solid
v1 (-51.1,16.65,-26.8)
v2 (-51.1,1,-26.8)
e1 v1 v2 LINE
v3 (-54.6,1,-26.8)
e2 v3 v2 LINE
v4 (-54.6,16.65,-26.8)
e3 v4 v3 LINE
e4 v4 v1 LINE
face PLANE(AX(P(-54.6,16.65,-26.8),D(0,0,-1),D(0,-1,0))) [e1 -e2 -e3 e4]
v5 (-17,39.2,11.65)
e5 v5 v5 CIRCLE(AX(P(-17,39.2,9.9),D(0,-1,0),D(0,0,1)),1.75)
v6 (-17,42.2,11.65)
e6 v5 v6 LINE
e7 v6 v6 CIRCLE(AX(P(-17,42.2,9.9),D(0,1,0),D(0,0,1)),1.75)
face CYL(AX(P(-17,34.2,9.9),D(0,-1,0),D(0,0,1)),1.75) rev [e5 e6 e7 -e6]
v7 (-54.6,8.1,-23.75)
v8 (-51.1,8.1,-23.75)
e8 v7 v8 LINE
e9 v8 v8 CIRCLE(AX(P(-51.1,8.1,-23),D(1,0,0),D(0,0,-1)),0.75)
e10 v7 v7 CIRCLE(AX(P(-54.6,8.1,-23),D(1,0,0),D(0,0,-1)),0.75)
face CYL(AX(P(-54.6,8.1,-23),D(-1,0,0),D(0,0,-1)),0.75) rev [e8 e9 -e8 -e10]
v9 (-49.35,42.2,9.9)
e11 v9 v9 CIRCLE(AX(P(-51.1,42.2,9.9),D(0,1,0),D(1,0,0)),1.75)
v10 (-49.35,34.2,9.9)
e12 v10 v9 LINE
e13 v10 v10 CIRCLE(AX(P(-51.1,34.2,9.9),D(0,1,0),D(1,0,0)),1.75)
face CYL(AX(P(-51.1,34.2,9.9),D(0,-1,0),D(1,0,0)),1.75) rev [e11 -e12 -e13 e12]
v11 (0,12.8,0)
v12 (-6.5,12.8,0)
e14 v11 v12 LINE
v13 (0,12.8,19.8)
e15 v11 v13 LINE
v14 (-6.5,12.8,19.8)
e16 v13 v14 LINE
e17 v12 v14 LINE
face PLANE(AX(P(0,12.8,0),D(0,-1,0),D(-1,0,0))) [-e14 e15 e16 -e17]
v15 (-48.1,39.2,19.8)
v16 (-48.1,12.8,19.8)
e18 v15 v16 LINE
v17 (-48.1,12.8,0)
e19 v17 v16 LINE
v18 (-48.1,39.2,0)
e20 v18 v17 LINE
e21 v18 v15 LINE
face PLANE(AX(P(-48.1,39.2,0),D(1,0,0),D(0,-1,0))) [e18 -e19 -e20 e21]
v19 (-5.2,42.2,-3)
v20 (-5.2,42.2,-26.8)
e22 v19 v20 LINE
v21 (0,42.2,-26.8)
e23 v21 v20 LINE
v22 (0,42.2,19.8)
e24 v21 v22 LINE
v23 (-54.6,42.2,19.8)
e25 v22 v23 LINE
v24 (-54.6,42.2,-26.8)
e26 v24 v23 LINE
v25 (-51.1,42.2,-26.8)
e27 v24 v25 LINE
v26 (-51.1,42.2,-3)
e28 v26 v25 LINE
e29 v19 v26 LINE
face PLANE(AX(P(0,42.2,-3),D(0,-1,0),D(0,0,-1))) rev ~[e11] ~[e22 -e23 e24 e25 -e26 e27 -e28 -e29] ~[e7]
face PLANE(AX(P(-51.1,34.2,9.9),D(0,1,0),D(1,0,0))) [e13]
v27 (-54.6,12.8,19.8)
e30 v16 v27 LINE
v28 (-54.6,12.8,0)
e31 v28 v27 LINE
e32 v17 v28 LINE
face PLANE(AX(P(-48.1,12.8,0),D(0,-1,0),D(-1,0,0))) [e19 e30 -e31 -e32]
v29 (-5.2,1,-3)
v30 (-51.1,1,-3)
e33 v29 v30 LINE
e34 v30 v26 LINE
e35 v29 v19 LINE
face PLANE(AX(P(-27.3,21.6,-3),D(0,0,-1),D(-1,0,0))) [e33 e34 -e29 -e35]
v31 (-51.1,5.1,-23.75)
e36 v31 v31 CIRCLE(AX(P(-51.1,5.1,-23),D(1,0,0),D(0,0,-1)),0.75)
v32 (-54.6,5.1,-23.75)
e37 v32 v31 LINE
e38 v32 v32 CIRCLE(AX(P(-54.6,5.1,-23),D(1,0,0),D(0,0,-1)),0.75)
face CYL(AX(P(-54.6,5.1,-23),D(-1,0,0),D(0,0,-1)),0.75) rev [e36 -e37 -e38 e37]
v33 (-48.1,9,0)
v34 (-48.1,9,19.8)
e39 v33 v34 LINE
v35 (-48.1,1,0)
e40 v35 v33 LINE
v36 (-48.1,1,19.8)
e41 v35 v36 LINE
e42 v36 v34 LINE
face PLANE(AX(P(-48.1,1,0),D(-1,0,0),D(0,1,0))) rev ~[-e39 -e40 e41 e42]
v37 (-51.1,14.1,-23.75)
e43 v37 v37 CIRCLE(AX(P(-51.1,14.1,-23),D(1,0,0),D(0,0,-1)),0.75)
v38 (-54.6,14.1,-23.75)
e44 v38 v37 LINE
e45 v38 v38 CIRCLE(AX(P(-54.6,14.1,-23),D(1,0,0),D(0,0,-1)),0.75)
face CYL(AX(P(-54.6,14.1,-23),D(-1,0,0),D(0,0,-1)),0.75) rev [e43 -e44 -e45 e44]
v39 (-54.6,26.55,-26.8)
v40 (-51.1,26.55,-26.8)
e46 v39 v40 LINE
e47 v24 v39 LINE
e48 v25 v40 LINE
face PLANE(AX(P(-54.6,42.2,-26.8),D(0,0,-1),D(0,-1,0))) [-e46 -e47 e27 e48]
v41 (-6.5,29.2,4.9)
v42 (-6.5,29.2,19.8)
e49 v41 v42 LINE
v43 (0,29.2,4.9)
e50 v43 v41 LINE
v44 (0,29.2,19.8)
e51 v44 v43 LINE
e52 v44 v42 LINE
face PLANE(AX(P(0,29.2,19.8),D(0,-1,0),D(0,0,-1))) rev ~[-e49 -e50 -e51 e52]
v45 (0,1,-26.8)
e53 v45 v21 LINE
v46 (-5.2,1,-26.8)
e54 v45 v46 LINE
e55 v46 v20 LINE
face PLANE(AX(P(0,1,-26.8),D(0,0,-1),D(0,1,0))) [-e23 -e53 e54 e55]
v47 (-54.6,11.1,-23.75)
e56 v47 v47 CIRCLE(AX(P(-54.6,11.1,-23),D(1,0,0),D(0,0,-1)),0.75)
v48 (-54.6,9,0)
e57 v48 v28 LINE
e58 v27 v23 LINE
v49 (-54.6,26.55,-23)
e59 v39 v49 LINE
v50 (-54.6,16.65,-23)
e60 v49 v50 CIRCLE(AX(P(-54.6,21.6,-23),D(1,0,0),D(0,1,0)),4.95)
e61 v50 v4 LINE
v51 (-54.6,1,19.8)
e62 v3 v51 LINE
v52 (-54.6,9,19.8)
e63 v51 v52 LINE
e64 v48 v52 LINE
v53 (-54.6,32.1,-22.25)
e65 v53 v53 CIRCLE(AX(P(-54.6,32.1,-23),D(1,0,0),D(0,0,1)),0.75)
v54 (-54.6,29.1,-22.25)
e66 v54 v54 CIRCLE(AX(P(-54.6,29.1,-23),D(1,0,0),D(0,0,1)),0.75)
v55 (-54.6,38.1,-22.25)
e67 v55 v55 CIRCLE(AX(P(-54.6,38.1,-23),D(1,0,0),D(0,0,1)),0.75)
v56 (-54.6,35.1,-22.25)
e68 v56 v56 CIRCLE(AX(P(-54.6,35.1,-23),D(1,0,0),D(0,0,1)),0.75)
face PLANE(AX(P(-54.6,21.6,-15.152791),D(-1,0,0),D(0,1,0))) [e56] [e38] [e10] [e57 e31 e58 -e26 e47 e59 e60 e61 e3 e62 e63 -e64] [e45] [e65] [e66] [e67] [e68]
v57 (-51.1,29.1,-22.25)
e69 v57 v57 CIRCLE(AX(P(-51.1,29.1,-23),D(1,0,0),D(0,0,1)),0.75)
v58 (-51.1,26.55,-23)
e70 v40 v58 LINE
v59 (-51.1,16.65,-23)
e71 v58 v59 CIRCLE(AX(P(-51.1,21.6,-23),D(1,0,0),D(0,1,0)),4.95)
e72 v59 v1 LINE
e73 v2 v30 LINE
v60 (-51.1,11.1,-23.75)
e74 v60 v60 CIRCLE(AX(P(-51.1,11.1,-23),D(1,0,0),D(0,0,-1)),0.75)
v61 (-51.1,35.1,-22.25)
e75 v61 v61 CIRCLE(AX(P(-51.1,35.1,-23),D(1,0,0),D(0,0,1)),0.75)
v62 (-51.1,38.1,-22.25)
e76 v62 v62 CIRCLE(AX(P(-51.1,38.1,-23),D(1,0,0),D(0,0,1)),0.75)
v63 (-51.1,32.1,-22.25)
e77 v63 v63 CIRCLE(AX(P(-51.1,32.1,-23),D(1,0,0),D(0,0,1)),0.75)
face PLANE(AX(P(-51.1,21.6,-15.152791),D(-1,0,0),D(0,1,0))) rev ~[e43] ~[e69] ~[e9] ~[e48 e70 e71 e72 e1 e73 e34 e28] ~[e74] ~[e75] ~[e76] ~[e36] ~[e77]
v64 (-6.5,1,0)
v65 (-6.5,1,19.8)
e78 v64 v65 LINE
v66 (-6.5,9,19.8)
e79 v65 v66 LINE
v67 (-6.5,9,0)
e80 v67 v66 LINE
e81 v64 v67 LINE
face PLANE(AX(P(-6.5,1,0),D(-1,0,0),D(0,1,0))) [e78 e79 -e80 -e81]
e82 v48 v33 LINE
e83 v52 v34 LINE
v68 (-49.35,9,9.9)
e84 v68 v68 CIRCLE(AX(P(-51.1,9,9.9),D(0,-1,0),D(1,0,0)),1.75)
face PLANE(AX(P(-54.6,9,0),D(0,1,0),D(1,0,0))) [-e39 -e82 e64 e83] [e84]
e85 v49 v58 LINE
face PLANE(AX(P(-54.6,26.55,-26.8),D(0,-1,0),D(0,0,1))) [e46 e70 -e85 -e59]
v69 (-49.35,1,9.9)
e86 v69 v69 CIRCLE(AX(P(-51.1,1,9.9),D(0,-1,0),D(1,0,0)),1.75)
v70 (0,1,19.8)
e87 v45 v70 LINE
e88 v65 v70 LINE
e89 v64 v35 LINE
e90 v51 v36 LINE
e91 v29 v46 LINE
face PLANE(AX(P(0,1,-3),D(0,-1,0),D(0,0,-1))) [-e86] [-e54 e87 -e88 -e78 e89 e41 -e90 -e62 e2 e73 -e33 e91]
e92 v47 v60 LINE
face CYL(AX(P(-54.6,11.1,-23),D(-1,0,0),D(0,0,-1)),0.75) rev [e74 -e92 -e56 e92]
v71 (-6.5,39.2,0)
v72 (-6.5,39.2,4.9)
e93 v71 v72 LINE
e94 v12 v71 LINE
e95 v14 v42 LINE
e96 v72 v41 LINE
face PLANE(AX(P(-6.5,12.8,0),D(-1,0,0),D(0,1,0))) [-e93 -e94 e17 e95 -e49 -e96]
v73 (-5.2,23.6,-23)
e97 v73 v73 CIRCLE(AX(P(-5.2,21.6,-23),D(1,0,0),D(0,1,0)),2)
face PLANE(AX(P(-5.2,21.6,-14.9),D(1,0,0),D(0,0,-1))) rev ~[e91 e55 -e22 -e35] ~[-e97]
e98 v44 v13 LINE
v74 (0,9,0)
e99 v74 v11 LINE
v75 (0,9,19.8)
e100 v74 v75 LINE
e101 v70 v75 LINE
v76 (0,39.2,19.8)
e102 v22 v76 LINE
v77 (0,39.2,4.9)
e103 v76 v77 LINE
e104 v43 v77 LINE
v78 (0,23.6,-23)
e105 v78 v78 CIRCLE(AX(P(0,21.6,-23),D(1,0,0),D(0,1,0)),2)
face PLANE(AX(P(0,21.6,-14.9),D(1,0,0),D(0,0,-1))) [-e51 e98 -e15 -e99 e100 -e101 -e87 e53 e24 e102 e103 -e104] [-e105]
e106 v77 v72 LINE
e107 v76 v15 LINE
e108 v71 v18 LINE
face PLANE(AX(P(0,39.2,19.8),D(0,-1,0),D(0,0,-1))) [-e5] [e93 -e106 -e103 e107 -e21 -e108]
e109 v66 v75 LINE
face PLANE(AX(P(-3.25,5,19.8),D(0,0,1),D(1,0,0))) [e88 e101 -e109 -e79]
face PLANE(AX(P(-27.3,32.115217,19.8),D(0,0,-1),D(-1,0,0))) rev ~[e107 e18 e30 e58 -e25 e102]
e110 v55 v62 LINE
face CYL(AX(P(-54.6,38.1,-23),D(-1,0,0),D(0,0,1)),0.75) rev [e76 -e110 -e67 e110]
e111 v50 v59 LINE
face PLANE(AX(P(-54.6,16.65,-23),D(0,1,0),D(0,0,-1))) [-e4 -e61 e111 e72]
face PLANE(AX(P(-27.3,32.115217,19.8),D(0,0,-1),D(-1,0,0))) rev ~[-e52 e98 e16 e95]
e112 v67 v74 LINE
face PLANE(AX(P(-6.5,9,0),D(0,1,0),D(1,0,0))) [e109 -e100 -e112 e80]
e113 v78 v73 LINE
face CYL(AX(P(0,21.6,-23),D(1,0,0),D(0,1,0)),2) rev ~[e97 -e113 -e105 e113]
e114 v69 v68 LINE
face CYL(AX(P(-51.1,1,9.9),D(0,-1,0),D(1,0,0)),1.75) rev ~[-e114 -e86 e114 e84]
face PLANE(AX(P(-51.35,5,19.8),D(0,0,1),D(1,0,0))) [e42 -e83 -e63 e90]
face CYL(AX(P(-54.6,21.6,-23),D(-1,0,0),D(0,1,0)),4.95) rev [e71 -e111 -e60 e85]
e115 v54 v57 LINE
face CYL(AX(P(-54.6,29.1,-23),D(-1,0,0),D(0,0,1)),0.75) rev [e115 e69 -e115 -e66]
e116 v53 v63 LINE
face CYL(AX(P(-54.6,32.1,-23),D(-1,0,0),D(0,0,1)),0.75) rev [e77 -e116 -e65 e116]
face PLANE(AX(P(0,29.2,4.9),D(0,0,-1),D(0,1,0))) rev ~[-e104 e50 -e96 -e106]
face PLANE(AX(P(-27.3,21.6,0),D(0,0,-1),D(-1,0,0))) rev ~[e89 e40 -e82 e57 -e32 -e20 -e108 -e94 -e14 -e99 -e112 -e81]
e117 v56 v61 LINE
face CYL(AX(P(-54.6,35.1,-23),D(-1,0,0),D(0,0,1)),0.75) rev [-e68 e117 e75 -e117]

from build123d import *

# Parameters (mm, degrees)
EXTRUDE_1_DEPTH     = 19.8
SKETCH_1_W          = 6.5
SKETCH_1_H          = 8
EXTRUDE_1_2_DEPTH   = 19.8
EXTRUDE_1_3_DEPTH   = 19.8
SKETCH_2_W          = 54.6
SKETCH_2_H          = 41.2
EXTRUDE_2_DEPTH     = 3
SKETCH_4_R          = 0.75
EXTRUDE_3_DEPTH     = 3.5
SKETCH_5_W          = 23.8
SKETCH_5_H          = 41.2
EXTRUDE_4_DEPTH     = 5.2
SKETCH_6_R          = 1.75
CUT_EXTRUDE_2_DEPTH = 8
CUT_EXTRUDE_START   = -8
SKETCH_7_R          = 1.75
CUT_EXTRUDE_3_DEPTH = 8
SKETCH_9_R          = 2
CUT_EXTRUDE_4_DEPTH = 10
SKETCH_10_W         = 14.9
SKETCH_10_H         = 10
CUT_EXTRUDE_5_DEPTH = 7


with BuildPart() as part:
    # 草圖1 → 填料-伸長1 (new body)
    with BuildSketch(Plane.XY):
        Polygon((-48.1, 39.2), (-48.1, 12.8), (-54.6, 12.8), (-54.6, 42.2), (-47.6, 42.2), (-7, 42.2), (0, 42.2), (0, 12.8), (-6.5, 12.8), (-6.5, 39.2), align=None)
    extrude(amount=EXTRUDE_1_DEPTH)



with BuildPart() as body_2:
    # 草圖1 → Extrude 1 2 (new body)
    with BuildSketch(Plane.XY):
        with Locations((-3.25, 5)):
            Rectangle(SKETCH_1_W, SKETCH_1_H)
    extrude(amount=EXTRUDE_1_2_DEPTH)


with BuildPart() as body_3:
    # 草圖1 → Extrude 1 3 (new body)
    with BuildSketch(Plane.XY):
        with Locations((-51.35, 5)):
            Rectangle(SKETCH_1_W, SKETCH_1_H)
    extrude(amount=EXTRUDE_1_3_DEPTH)


with BuildPart() as part_1:
    add(part.part)

    add(body_2.part)  # 填料-伸長2 merges body 2

    add(body_3.part)  # 填料-伸長2 merges body 3
    # 草圖2 → 填料-伸長2 (add)
    with BuildSketch(Plane(origin=(0, 0, 0), x_dir=(-1, 0, 0), z_dir=(0, 0, -1))):
        with Locations((27.3, 21.6)):
            Rectangle(SKETCH_2_W, SKETCH_2_H)
    extrude(amount=EXTRUDE_2_DEPTH)

    # 草圖4 → 填料-伸長3 (add)
    with BuildSketch(Plane(origin=(-54.6, 54.6, 0), x_dir=(0, -1, 0), z_dir=(1, 0, 0))):
        with BuildLine():
            Line((12.4, 26.8), (28.05, 26.8))
            Line((28.05, 26.8), (28.05, 23))
            ThreePointArc((28.05, 23), (33, 18.05), (37.95, 23))
            Line((37.95, 23), (37.95, 26.8))
            Line((37.95, 26.8), (53.6, 26.8))
            Line((53.6, 26.8), (53.6, 23))
            Line((53.6, 23), (53.6, 3))
            Line((53.6, 3), (12.4, 3))
            Line((12.4, 3), (12.4, 23))
            Line((12.4, 23), (12.4, 26.8))
        make_face()
        with Locations(Location((40.5, 23, 0), (0, 0, 90))):
            Circle(SKETCH_4_R, mode=Mode.SUBTRACT)
        with Locations(Location((43.5, 23, 0), (0, 0, 90))):
            Circle(SKETCH_4_R, mode=Mode.SUBTRACT)
        with Locations(Location((46.5, 23, 0), (0, 0, 90))):
            Circle(SKETCH_4_R, mode=Mode.SUBTRACT)
        with Locations(Location((49.5, 23, 0), (0, 0, 90))):
            Circle(SKETCH_4_R, mode=Mode.SUBTRACT)
        with Locations(Location((16.5, 23, 0), (0, 0, 270))):
            Circle(SKETCH_4_R, mode=Mode.SUBTRACT)
        with Locations(Location((19.5, 23, 0), (0, 0, 270))):
            Circle(SKETCH_4_R, mode=Mode.SUBTRACT)
        with Locations(Location((22.5, 23, 0), (0, 0, 270))):
            Circle(SKETCH_4_R, mode=Mode.SUBTRACT)
        with Locations(Location((25.5, 23, 0), (0, 0, 270))):
            Circle(SKETCH_4_R, mode=Mode.SUBTRACT)
    extrude(amount=EXTRUDE_3_DEPTH)

    # 草圖5 → 填料-伸長4 (add)
    with BuildSketch(Plane(origin=(0, 0, 0), x_dir=(0, 0, -1), z_dir=(1, 0, 0))):
        with Locations((14.9, 21.6)):
            Rectangle(SKETCH_5_W, SKETCH_5_H)
    extrude(amount=-EXTRUDE_4_DEPTH)

    # 草圖6 → 除料-伸長2 (cut)
    with BuildSketch(Plane(origin=(0, 1, 0), x_dir=(-1, 0, 0), z_dir=(0, -1, 0))):
        with Locations(Location((51.1, -9.9, 0), (0, 0, 180))):
            Circle(SKETCH_6_R)
    extrude(amount=-CUT_EXTRUDE_2_DEPTH, mode=Mode.SUBTRACT)

    # 草圖7 → 除料-伸長3 (cut)
    with BuildSketch(Plane(origin=(0, 42.2, 0), x_dir=(1, 0, 0), z_dir=(0, 1, 0)).offset(CUT_EXTRUDE_START)):
        with Locations((-51.1, -9.9)):
            Circle(SKETCH_7_R)
        with Locations(Location((-17, -9.9, 0), (0, 0, 270))):
            Circle(SKETCH_7_R)
    extrude(amount=CUT_EXTRUDE_3_DEPTH, mode=Mode.SUBTRACT)

    # 草圖9 → 除料-伸長4 (cut)
    with BuildSketch(Plane(origin=(0, 0, 0), x_dir=(0, 0, -1), z_dir=(1, 0, 0))):
        with Locations(Location((23, 21.6, 0), (0, 0, 90))):
            Circle(SKETCH_9_R)
    extrude(amount=-CUT_EXTRUDE_4_DEPTH, mode=Mode.SUBTRACT)

    # 草圖10 → 除料-伸長5 (cut)
    with BuildSketch(Plane(origin=(0, 0, 0), x_dir=(0, 0, -1), z_dir=(1, 0, 0))):
        with Locations((-12.35, 34.2)):
            Rectangle(SKETCH_10_W, SKETCH_10_H)
    extrude(amount=-CUT_EXTRUDE_5_DEPTH, mode=Mode.SUBTRACT)


solid = part_1.part
